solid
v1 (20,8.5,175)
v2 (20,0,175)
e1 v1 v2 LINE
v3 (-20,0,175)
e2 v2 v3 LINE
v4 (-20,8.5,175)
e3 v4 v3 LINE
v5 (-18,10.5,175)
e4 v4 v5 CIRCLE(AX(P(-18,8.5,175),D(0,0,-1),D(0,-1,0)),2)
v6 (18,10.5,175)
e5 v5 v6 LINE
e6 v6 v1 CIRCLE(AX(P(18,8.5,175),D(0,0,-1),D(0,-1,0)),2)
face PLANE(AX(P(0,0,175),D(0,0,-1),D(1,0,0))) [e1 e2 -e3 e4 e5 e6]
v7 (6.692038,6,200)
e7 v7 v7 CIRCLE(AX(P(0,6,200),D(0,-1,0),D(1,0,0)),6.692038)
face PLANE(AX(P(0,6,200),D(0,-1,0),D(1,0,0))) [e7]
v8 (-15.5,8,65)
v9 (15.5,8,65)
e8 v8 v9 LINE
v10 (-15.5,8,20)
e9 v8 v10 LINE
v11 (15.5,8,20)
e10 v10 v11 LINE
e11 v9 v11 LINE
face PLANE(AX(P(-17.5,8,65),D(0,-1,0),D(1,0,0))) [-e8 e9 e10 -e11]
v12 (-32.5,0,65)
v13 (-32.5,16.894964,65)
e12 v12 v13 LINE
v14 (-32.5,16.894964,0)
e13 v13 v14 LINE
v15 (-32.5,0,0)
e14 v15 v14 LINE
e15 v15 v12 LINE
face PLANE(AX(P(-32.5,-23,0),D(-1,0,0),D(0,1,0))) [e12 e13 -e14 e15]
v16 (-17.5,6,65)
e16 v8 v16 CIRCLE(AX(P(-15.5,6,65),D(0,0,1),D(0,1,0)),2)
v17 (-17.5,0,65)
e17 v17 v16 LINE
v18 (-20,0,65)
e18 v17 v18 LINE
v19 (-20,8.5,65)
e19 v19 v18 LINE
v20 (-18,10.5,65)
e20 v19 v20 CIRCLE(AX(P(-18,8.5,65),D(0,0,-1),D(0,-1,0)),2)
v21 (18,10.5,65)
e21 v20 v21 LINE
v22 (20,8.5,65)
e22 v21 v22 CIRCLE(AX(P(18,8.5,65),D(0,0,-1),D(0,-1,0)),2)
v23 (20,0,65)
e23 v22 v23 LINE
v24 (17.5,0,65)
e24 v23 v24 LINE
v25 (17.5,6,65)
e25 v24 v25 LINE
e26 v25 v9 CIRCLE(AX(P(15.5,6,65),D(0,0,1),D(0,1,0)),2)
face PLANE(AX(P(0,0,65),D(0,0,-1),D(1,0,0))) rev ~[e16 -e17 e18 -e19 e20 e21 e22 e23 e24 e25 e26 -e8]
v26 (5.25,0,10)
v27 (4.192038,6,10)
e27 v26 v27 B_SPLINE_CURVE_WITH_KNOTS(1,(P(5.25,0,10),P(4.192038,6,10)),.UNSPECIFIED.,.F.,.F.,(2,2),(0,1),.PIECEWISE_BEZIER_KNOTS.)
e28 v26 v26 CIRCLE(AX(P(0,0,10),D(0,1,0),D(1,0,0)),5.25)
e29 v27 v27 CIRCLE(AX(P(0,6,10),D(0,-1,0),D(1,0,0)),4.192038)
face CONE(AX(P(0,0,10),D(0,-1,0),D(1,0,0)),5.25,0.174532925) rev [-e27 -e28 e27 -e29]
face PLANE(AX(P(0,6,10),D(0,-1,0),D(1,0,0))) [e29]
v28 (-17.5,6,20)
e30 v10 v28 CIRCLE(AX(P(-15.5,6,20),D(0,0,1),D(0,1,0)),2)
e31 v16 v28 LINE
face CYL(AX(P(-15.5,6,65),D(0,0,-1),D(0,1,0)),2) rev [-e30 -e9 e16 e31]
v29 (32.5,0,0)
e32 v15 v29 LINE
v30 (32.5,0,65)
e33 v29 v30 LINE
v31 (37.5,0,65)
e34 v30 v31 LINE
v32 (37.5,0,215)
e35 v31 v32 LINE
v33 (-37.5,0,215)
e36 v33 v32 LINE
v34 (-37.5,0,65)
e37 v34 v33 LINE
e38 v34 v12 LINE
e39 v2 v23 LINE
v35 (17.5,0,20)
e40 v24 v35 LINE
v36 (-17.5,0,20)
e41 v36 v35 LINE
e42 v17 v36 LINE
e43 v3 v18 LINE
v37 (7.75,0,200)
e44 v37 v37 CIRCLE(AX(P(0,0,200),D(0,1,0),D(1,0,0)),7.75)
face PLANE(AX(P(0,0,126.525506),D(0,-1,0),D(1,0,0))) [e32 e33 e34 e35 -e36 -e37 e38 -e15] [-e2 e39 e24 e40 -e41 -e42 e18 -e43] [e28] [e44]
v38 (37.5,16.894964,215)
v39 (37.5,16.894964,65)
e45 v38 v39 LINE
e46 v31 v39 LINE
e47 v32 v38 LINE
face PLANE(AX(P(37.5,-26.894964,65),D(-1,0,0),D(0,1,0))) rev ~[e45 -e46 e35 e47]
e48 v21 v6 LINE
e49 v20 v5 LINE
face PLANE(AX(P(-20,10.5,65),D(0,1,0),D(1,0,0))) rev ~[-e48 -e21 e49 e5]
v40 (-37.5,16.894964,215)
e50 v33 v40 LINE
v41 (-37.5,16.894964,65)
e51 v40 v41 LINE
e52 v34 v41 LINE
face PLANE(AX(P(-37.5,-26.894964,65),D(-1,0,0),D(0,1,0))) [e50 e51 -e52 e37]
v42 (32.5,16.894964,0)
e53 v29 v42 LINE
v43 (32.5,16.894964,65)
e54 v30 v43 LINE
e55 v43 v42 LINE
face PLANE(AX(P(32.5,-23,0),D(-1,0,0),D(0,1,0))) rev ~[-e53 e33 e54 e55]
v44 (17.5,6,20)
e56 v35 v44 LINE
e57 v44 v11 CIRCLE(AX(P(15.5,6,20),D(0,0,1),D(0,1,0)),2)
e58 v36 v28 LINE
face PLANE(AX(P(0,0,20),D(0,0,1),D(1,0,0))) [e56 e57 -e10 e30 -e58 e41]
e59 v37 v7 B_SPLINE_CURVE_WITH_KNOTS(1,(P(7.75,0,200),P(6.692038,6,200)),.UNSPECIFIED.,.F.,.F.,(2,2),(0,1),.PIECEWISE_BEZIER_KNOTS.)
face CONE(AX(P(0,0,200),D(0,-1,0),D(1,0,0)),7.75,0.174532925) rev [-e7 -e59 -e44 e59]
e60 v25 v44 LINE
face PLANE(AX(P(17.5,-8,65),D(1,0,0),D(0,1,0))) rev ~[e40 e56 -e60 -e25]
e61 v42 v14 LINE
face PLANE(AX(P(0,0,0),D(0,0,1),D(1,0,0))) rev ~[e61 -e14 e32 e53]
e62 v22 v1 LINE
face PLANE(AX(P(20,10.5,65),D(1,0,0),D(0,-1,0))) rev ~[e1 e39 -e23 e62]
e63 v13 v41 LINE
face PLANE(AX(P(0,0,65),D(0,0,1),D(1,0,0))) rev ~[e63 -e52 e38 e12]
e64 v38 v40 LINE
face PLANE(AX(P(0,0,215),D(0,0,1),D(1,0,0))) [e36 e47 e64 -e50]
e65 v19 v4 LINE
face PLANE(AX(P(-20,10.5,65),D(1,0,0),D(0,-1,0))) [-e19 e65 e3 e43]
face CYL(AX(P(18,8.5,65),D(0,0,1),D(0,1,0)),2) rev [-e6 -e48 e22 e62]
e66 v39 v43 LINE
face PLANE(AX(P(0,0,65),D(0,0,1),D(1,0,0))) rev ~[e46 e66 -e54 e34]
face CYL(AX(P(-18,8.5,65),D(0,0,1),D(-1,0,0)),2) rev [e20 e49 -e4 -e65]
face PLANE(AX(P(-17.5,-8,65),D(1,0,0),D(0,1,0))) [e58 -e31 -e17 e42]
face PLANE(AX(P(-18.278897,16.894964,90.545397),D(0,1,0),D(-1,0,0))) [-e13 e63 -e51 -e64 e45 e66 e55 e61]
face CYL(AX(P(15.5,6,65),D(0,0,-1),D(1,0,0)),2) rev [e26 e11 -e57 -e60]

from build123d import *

# Parameters (mm, degrees)
F0_W       = 65
F0_H       = 46
F1_DEPTH   = 65
F2_W       = 35
F2_H       = 16
F3_DEPTH   = 45
F4_R       = 2
F5_W       = 75
F5_H       = 53.7899285555
F6_DEPTH   = 150
F7_W       = 40
F7_H       = 21
F8_DEPTH   = 110
F9_R       = 2
F10_R      = 2
F11_R      = 2
F12_W      = 150.7326364517
F12_H      = 343.7213376164
F6_FACE1_W = 75
F6_FACE1_H = 150
F1_FACE1_W = 65
F1_FACE1_H = 65
F13_DEPTH  = 26.8959642777
F14_R      = 7.75
F14_R_2    = 5.25
F15_DEPTH  = 6
F15_TAPER  = 10
F16_W      = 143.152281642
F16_H      = 267.6325216889
F17_DEPTH  = 10


with BuildPart() as f1:
    # F0 (on Top) → F1 (new body)
    with BuildSketch(Plane.XY):
        Rectangle(F0_W, F0_H)
    extrude(amount=F1_DEPTH)

    # F2 (on face) → F3 (cut)
    with BuildSketch(Plane.XY.offset(65)):
        Rectangle(F2_W, F2_H)
    extrude(amount=-F3_DEPTH, mode=Mode.SUBTRACT)

    # F4
    f4_edges = [f1.edges().sort_by_distance(p)[0] for p in [
        (-17.5, -8, 42.5),
        (-17.5, 8, 42.5),
        (17.5, -8, 42.5),
        (17.5, 8, 42.5),
    ]]
    fillet(f4_edges, radius=F4_R)

    # F5 (on face) → F6 (join)
    with BuildSketch(Plane.XY.offset(65)):
        Rectangle(F5_W, F5_H)
    extrude(amount=F6_DEPTH)

    # F7 (on face) → F8 (cut)
    with BuildSketch(Plane(origin=(0, 0, 65), x_dir=(1, 0, 0), z_dir=(0, 0, -1))):
        Rectangle(F7_W, F7_H)
    extrude(amount=-F8_DEPTH, mode=Mode.SUBTRACT)

    # F9
    f9_edges = [f1.edges().sort_by_distance(p)[0] for p in [
        (-20, -10.5, 120),
    ]]
    fillet(f9_edges, radius=F9_R)

    # F10
    f10_edges = [f1.edges().sort_by_distance(p)[0] for p in [
        (-20, 10.5, 120),
    ]]
    fillet(f10_edges, radius=F10_R)

    # F11
    f11_edges = [f1.edges().sort_by_distance(p)[0] for p in [
        (20, -10.5, 120),
        (20, 10.5, 120),
    ]]
    fillet(f11_edges, radius=F11_R)

    # F12 (on Front) + F6_face1 (on face) + F1_face1 (on face) → F13 (cut, through all)
    with BuildSketch(Plane.XZ):
        with Locations((0, 126.5255063772)):
            Rectangle(F12_W, F12_H)
    with BuildSketch(Plane(origin=(0, -26.8949642777, 140), x_dir=(1, 0, 0), z_dir=(0, -1, 0))):
        Rectangle(F6_FACE1_W, F6_FACE1_H)
    with BuildSketch(Plane(origin=(0, -23, 32.5), x_dir=(1, 0, 0), z_dir=(0, -1, 0))):
        Rectangle(F1_FACE1_W, F1_FACE1_H)
    extrude(amount=F13_DEPTH, mode=Mode.SUBTRACT)

    # F14 (on face) → F15 (cut)
    with BuildSketch(Plane.XZ):
        with Locations((0, 200)):
            Circle(F14_R)
        with Locations((0, 10)):
            Circle(F14_R_2)
    extrude(amount=-F15_DEPTH, taper=F15_TAPER, mode=Mode.SUBTRACT)

    # F16 (on face) → F17 (cut)
    with BuildSketch(Plane(origin=(0, 26.8949642777, 0), x_dir=(-1, 0, 0), z_dir=(0, 1, 0))):
        with Locations((18.2788968086, 90.5453972518)):
            Rectangle(F16_W, F16_H)
    extrude(amount=-F17_DEPTH, mode=Mode.SUBTRACT)


solid = f1.part
